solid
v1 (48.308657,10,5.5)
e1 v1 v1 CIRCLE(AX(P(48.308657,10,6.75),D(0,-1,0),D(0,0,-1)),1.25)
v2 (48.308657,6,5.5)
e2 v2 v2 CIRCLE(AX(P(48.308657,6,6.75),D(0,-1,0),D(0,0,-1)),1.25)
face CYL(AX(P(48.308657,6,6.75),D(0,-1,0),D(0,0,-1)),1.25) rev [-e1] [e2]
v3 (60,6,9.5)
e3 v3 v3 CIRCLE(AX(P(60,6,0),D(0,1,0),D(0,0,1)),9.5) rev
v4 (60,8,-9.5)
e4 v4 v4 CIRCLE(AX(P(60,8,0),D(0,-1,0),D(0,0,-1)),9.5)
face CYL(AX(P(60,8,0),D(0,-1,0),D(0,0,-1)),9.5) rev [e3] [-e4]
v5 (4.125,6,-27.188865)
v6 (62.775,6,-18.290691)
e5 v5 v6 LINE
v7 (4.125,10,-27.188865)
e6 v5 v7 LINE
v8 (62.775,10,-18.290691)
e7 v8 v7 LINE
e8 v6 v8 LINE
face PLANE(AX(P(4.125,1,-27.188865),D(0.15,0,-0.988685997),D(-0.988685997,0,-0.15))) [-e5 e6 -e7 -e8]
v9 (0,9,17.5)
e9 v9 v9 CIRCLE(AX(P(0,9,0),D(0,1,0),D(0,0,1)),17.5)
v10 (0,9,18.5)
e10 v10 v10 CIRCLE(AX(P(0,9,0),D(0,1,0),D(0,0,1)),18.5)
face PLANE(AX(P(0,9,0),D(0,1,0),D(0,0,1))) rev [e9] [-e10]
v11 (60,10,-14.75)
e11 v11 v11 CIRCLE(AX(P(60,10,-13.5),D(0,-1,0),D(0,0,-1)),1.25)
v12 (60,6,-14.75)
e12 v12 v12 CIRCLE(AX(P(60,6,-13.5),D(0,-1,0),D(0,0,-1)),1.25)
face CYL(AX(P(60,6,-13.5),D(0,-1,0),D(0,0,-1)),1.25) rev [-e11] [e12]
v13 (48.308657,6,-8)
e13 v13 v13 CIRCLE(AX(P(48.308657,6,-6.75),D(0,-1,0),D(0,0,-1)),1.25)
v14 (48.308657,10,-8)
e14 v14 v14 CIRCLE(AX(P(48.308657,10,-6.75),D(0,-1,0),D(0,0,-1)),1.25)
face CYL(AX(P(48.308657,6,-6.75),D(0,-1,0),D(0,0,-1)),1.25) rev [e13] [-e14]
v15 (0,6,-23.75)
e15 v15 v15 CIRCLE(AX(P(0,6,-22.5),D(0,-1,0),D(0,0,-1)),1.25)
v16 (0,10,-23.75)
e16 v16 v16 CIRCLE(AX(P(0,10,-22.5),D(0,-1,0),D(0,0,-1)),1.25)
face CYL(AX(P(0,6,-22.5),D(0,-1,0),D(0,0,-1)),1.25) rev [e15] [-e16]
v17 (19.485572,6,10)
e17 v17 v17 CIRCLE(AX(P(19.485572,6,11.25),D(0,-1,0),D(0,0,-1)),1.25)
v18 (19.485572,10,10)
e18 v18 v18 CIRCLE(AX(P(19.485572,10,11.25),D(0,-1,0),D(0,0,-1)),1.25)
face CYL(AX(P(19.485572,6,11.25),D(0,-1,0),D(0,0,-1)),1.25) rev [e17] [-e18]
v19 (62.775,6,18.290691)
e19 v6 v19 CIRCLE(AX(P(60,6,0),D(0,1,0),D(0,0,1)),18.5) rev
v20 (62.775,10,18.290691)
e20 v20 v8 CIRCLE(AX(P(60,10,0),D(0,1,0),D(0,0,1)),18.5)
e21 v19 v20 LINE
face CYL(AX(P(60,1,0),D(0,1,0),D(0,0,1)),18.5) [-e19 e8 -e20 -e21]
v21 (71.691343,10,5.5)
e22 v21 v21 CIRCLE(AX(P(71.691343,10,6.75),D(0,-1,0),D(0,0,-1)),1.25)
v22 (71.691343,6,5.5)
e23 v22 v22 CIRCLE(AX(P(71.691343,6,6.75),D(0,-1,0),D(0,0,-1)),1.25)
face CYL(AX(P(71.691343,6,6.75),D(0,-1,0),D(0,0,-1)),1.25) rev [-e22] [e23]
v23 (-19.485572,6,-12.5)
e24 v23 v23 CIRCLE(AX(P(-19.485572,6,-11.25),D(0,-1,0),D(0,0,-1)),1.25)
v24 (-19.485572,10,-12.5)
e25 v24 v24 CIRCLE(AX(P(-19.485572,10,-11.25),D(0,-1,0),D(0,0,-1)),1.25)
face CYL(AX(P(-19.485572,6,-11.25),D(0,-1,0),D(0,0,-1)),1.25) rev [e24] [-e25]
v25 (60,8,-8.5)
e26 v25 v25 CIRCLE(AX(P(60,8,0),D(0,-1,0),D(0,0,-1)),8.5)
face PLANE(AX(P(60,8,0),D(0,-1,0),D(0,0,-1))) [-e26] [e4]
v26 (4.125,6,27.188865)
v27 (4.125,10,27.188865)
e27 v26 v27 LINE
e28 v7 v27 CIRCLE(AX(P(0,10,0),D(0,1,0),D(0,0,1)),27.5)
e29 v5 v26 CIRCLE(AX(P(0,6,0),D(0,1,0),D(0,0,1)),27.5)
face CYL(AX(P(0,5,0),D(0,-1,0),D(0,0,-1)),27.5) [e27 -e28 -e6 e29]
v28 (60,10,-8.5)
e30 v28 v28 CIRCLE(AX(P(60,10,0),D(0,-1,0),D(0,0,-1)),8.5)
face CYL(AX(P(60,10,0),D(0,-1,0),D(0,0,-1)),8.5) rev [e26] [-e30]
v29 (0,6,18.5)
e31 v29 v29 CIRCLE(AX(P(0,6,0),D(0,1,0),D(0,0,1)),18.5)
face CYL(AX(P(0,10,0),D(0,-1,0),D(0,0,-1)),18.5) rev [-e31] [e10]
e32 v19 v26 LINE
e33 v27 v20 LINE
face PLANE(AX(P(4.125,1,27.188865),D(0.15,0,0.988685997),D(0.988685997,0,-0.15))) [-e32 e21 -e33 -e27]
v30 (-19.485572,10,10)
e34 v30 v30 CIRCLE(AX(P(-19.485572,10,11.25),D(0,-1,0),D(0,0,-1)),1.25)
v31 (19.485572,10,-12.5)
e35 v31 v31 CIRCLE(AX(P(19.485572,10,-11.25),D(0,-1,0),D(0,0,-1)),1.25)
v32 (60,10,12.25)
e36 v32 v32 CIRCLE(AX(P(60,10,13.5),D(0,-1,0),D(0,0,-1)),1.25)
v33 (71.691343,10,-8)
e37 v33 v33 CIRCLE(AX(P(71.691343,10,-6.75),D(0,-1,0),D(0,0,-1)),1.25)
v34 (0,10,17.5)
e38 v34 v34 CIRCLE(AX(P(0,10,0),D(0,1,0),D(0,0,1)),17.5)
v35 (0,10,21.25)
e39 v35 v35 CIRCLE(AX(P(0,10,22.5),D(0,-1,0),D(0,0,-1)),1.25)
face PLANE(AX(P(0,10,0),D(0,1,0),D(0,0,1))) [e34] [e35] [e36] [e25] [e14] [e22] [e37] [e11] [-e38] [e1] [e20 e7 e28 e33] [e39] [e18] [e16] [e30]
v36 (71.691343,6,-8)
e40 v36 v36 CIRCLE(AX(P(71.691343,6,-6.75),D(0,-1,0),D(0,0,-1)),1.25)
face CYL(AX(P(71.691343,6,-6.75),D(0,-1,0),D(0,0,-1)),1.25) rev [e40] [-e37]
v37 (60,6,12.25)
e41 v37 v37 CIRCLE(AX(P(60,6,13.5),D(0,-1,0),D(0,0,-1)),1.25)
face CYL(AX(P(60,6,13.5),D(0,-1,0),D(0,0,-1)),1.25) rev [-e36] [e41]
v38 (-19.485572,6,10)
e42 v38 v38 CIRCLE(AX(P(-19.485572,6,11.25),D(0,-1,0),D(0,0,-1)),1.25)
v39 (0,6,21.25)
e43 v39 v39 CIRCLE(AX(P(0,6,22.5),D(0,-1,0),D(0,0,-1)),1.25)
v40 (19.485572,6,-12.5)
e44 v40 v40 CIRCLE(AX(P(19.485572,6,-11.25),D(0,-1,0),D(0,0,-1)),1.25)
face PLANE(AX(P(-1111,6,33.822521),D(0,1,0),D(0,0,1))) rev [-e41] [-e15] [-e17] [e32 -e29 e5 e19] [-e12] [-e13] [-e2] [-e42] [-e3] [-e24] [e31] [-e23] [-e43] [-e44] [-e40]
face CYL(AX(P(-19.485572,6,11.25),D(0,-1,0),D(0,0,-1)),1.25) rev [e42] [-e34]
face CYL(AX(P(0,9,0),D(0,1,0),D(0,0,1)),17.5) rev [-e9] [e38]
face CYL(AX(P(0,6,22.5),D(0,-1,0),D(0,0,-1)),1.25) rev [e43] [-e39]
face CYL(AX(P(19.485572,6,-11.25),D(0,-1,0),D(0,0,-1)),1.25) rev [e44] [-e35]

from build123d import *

# Parameters (mm, degrees)
SKETCH_1_R               = 27.5
SKETCH_1_R_2             = 17.5
EXTRUDE_1_DEPTH          = 5
SKETCH_2_R               = 27.5
SKETCH_2_R_2             = 18.5
EXTRUDE_2_DEPTH          = 5
EXTRUDE_3_DEPTH          = 9
SKETCH_7_R               = 18.5
CUT_EXTRUDE_4_DEPTH      = 4
SKETCH_13_R              = 9.5
CUT_EXTRUDE_9_DEPTH      = 7
SKETCH_14_R              = 8.5
CUT_EXTRUDE_10_DEPTH     = 3
SKETCH_26_W              = 65.286774434
SKETCH_26_H              = 14.284249769
CUT_EXTRUDE_11_DEPTH     = 1111
SKETCH_28_R              = 18.5
SKETCH_28_R_2            = 17.5
EXTRUDE_4_DEPTH          = 1
HOLE_WIZARD_M3_1_D       = 2.5
PATTERN_CIRCULAR_1_COUNT = 6
HOLE_WIZARD_M3_2_D       = 2.5
PATTERN_CIRCULAR_2_COUNT = 6


with BuildPart() as part:
    # 스케치1 → 보스-돌출1 (new body)
    with BuildSketch(Plane(origin=(0, 0, 0), x_dir=(1, 0, 0), z_dir=(0, 1, 0))):
        Circle(SKETCH_1_R)
        Circle(SKETCH_1_R_2, mode=Mode.SUBTRACT)
    extrude(amount=EXTRUDE_1_DEPTH)

    # 스케치2 → 보스-돌출2 (add)
    with BuildSketch(Plane(origin=(0, 5, 0), x_dir=(1, 0, 0), z_dir=(0, 1, 0))):
        Circle(SKETCH_2_R)
        Circle(SKETCH_2_R_2, mode=Mode.SUBTRACT)
    extrude(amount=EXTRUDE_2_DEPTH)

    # 스케치3 → 보스-돌출3 (add)
    with BuildSketch(Plane(origin=(0, 10, 0), x_dir=(1, 0, 0), z_dir=(0, 1, 0))):
        with BuildLine():
            Line((4.125, 27.188864908), (62.775, 18.290690938))
            ThreePointArc((62.775, 18.290690938), (78.5, 0), (62.775, -18.290690938))
            Line((62.775, -18.290690938), (4.125, -27.188864908))
            ThreePointArc((4.125, -27.188864908), (27.5, 0), (4.125, 27.188864908))
        make_face()
    extrude(amount=-EXTRUDE_3_DEPTH)

    # 스케치7 → 컷-돌출4 (cut)
    with BuildSketch(Plane(origin=(0, 5, 0), x_dir=(1, 0, 0), z_dir=(0, 1, 0))):
        Circle(SKETCH_7_R)
    extrude(amount=-CUT_EXTRUDE_4_DEPTH, mode=Mode.SUBTRACT)

    # 스케치13 → 컷-돌출9 (cut)
    with BuildSketch(Plane.XZ.offset(-1)):
        with Locations((60, 0)):
            Circle(SKETCH_13_R)
    extrude(amount=-CUT_EXTRUDE_9_DEPTH, mode=Mode.SUBTRACT)

    # 스케치14 → 컷-돌출10 (cut, through all)
    with BuildSketch(Plane.XZ.offset(-8)):
        with Locations((60, 0)):
            Circle(SKETCH_14_R)
    extrude(amount=-CUT_EXTRUDE_10_DEPTH, mode=Mode.SUBTRACT)

    # 스케치26 → 컷-돌출11 (cut, symmetric)
    with BuildSketch(Plane(origin=(0, 0, 0), x_dir=(0, 0, -1), z_dir=(1, 0, 0))):
        with Locations((-1.179133759, -1.142124885)):
            Rectangle(SKETCH_26_W, SKETCH_26_H)
    extrude(amount=CUT_EXTRUDE_11_DEPTH, both=True, mode=Mode.SUBTRACT)

    # 스케치28 → 보스-돌출4 (add)
    with BuildSketch(Plane(origin=(0, 10, 0), x_dir=(1, 0, 0), z_dir=(0, 1, 0))):
        Circle(SKETCH_28_R)
        Circle(SKETCH_28_R_2, mode=Mode.SUBTRACT)
    extrude(amount=-EXTRUDE_4_DEPTH)

    # M3 탭을 위한 탭 드릴1 (through all)
    with Locations(Plane(origin=(0, 6, 0), x_dir=(-1, 0, 0), z_dir=(0, -1, 0))):
        with Locations((0, 22.5)):
            hole_wizard_m3_1 = Hole(HOLE_WIZARD_M3_1_D / 2)

    # 원형 패턴1: M3 탭을 위한 탭 드릴1 ×6 about axis
    pattern_circular_1_axis = Axis((0, 0, 0), (0, 1, 0))
    for i in range(1, PATTERN_CIRCULAR_1_COUNT):
        add(hole_wizard_m3_1.rotate(pattern_circular_1_axis, i * 360 / PATTERN_CIRCULAR_1_COUNT), mode=Mode.SUBTRACT)

    # M3 탭을 위한 탭 드릴2 (through all)
    with Locations(Plane(origin=(0, 6, 0), x_dir=(-1, 0, 0), z_dir=(0, -1, 0))):
        with Locations((-60, 13.5)):
            hole_wizard_m3_2 = Hole(HOLE_WIZARD_M3_2_D / 2)

    # 원형 패턴2: M3 탭을 위한 탭 드릴2 ×6 about axis
    pattern_circular_2_axis = Axis((60, 0, 0), (0, 1, 0))
    for i in range(1, PATTERN_CIRCULAR_2_COUNT):
        add(hole_wizard_m3_2.rotate(pattern_circular_2_axis, i * 360 / PATTERN_CIRCULAR_2_COUNT), mode=Mode.SUBTRACT)


solid = part.part
